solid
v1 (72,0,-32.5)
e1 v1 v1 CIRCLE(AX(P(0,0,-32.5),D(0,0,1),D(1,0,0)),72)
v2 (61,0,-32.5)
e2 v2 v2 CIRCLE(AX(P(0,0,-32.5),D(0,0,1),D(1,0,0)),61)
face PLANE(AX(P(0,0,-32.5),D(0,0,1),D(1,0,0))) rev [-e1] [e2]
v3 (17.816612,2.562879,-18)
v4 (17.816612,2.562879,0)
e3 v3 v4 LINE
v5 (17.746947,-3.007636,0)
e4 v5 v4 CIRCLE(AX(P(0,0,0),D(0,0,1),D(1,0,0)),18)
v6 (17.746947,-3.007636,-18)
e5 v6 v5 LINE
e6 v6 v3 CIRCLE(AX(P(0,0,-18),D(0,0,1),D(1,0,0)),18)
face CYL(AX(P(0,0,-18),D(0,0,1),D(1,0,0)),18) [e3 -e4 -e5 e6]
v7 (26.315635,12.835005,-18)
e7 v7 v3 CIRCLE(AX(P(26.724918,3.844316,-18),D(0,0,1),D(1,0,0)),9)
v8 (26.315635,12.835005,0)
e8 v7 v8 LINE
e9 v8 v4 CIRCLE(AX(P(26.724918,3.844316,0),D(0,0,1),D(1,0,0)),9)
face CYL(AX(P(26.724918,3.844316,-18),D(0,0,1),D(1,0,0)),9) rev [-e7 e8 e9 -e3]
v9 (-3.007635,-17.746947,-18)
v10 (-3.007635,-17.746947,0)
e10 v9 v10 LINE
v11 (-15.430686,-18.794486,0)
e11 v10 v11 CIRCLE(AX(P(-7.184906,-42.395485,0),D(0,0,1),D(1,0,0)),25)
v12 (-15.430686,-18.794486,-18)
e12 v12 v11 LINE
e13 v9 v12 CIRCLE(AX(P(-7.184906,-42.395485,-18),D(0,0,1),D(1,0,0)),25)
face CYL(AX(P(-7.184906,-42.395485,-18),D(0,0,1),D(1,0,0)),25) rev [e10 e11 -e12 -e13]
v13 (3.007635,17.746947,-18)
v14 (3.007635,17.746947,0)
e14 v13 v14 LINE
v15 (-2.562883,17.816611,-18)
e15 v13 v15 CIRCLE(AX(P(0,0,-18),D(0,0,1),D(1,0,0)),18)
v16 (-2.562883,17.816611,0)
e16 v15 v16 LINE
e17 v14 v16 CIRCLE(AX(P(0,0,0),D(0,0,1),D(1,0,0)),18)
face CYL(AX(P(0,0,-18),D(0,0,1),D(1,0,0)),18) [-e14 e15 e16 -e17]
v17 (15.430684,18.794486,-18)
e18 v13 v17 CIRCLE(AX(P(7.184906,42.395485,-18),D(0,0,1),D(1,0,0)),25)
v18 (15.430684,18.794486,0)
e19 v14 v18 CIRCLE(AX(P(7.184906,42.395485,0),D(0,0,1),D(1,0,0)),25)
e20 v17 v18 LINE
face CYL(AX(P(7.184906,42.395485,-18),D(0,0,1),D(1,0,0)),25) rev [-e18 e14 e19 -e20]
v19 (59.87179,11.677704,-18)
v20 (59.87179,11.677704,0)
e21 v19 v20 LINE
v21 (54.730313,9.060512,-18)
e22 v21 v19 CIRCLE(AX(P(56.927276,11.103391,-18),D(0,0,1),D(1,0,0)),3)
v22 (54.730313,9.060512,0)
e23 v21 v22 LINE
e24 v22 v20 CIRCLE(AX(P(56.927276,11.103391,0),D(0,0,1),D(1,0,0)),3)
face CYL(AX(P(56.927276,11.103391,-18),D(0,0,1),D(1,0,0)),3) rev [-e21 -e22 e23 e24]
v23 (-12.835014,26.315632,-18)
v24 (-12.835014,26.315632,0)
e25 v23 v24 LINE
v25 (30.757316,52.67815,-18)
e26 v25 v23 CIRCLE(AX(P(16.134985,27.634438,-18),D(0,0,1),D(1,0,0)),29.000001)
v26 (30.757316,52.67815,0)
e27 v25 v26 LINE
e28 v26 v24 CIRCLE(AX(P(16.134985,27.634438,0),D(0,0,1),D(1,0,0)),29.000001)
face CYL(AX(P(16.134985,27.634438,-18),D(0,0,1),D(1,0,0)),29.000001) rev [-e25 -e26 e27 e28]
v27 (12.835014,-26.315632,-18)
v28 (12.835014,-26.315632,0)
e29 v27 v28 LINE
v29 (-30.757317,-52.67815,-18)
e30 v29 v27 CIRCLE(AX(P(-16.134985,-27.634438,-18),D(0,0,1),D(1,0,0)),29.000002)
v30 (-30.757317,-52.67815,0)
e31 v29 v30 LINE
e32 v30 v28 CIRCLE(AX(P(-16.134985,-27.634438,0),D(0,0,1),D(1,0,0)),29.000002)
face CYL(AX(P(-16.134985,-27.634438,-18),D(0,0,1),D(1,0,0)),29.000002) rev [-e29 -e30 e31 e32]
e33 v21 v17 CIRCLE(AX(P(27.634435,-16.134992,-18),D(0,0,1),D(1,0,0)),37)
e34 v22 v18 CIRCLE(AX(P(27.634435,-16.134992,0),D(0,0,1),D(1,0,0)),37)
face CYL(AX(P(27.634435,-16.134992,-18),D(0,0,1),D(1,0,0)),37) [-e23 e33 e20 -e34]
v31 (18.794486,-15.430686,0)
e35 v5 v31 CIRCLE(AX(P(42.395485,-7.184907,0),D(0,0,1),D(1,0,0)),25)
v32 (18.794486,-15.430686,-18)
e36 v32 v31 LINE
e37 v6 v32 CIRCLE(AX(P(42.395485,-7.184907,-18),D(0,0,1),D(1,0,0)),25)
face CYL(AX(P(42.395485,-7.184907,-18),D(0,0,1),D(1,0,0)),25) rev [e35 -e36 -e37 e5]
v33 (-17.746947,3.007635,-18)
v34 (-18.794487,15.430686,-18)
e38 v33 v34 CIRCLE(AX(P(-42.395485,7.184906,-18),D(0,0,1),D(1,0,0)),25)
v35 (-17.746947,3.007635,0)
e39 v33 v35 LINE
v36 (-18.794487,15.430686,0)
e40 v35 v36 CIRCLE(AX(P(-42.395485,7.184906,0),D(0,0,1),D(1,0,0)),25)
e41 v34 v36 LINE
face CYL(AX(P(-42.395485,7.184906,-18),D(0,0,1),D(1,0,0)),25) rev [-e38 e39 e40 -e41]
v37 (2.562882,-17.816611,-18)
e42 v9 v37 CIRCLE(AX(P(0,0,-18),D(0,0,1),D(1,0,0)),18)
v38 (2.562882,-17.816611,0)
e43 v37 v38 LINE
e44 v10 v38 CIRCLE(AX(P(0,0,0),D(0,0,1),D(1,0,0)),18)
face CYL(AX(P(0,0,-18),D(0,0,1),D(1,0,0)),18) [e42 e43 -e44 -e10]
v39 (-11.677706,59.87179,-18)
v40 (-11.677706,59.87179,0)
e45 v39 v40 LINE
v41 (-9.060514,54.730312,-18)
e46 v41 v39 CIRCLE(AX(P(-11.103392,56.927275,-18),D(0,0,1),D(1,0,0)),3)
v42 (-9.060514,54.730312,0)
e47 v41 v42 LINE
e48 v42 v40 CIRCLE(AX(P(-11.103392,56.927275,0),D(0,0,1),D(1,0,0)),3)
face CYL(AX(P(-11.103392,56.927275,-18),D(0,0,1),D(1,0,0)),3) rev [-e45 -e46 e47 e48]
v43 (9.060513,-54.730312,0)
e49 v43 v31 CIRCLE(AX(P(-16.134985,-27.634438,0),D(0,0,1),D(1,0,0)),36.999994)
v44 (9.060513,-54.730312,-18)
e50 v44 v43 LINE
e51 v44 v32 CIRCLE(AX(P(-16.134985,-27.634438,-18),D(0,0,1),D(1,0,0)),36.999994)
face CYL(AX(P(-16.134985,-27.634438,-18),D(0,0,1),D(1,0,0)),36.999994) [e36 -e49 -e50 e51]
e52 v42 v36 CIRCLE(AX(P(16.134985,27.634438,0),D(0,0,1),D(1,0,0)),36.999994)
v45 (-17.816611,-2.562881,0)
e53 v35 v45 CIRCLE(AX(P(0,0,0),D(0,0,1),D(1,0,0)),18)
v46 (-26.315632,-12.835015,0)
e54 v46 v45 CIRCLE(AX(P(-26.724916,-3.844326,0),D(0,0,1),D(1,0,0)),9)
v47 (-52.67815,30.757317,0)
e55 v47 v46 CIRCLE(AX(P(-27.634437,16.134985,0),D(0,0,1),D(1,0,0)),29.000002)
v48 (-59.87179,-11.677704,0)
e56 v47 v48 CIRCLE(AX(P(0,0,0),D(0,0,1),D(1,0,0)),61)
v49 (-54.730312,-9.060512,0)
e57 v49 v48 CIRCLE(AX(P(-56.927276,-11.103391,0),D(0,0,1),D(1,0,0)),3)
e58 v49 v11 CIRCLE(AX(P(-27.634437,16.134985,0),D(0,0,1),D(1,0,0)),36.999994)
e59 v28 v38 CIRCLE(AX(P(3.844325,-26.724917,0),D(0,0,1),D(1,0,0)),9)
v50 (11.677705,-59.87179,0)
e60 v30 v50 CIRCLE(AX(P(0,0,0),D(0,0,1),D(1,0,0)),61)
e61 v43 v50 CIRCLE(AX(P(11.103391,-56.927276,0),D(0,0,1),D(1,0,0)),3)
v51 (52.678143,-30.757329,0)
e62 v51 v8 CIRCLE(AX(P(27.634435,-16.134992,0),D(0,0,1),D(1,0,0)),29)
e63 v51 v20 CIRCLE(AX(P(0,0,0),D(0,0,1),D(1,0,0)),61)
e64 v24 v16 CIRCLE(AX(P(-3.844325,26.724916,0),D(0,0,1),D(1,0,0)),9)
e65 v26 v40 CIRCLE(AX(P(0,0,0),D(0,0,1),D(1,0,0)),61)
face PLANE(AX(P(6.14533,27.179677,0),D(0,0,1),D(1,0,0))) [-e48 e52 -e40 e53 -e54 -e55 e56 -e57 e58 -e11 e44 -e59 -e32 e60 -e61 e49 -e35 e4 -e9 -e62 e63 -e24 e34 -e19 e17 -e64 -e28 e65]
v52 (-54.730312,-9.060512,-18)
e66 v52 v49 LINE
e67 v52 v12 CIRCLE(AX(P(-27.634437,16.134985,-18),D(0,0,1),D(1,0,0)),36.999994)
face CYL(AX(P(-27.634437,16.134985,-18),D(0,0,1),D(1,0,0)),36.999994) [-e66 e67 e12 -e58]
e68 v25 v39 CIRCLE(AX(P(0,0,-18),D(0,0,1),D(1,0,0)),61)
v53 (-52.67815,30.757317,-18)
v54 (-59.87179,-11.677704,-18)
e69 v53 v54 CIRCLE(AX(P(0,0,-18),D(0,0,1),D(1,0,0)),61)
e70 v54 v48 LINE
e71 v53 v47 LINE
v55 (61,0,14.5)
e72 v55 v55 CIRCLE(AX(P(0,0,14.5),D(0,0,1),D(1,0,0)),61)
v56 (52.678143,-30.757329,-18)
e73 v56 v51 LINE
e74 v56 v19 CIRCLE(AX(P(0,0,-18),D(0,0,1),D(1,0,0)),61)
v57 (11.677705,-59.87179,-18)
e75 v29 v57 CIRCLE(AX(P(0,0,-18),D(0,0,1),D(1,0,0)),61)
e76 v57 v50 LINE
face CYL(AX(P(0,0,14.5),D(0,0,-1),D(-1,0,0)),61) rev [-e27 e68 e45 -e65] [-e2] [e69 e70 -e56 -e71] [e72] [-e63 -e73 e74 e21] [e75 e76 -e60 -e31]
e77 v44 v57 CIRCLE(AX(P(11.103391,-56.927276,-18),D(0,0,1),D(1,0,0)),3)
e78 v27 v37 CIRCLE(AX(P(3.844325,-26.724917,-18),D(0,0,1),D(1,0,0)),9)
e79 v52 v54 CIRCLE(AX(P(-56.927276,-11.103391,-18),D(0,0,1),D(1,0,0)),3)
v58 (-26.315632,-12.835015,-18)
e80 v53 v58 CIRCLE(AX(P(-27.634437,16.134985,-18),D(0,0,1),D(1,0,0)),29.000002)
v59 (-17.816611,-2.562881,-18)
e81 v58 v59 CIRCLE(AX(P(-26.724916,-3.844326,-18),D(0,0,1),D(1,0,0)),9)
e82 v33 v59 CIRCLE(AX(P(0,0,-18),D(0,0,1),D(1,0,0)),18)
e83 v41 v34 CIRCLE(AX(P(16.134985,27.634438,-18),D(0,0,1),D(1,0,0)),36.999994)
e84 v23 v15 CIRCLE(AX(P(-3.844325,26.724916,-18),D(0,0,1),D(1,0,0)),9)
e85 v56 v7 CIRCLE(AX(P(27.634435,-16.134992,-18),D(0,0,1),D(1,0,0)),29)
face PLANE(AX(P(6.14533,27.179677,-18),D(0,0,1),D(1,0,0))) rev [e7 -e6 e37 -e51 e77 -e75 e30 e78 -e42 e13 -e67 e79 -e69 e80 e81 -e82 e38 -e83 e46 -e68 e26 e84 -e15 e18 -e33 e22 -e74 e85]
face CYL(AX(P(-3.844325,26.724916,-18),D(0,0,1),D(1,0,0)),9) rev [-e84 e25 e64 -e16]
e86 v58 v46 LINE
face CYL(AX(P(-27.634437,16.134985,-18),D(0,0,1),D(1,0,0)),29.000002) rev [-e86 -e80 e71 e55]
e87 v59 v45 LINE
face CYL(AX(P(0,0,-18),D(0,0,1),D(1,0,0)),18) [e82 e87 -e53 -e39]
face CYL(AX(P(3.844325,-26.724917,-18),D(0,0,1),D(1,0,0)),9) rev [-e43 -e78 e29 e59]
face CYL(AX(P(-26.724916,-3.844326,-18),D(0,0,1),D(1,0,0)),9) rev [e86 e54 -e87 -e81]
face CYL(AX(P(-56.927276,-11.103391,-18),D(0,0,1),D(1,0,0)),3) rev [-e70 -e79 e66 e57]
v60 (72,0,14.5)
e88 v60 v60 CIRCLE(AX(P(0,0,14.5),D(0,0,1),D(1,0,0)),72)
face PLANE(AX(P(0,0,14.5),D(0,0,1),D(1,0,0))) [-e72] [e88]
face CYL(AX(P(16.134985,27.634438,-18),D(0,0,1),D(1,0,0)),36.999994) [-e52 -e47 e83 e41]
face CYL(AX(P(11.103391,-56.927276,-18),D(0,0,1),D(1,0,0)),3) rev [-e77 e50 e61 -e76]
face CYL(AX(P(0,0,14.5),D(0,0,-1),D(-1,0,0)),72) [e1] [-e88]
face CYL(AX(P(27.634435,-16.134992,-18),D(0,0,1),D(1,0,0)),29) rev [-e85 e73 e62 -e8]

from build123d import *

# Parameters (mm, degrees)
BOSS_EXTRUDE5_DEPTH      = 18
BOSS_EXTRUDE6_DEPTH      = 14.5
BOSS_EXTRUDE6_DEPTH_BACK = 32.5
SKETCH5_R                = 72
SKETCH5_R_2              = 61


with BuildPart() as part:
    # Sketch1 → Boss-Extrude5 (new body)
    with BuildSketch(Plane.XY):
        with BuildLine():
            ThreePointArc((-30.757316719, -52.678149818), (-10.195342734, -60.141956956), (11.677704627, -59.871789807))
            ThreePointArc((11.677704627, -59.871789807), (8.429841492, -58.288205935), (9.060512734, -54.730312371))
            ThreePointArc((9.060512734, -54.730312371), (19.779749173, -36.530020554), (18.79448635, -15.430686222))
            ThreePointArc((18.79448635, -15.430686222), (17.483891441, -9.285507816), (17.746946993, -3.007635689))
            ThreePointArc((17.746946993, -3.007635689), (17.99859257, -0.225089943), (17.816611705, 2.562878725))
            ThreePointArc((17.816611705, 2.562878725), (19.790690206, 9.581605585), (26.315634879, 12.835005296))
            ThreePointArc((26.315634879, 12.835005296), (52.449565984, -1.128017494), (52.67814252, -30.757329218))
            ThreePointArc((52.67814252, -30.757329218), (60.141955689, -10.195350207), (59.871789938, 11.677703954))
            ThreePointArc((59.871789938, 11.677703954), (58.288206152, 8.429840898), (54.730312659, 9.060511918))
            ThreePointArc((54.730312659, 9.060511918), (36.530019461, 19.779748115), (15.430684033, 18.794485892))
            ThreePointArc((15.430684033, 18.794485892), (9.285506382, 17.48389147), (3.007635099, 17.746947093))
            ThreePointArc((3.007635099, 17.746947093), (0.225087357, 17.998592603), (-2.562883253, 17.816611054))
            ThreePointArc((-2.562883253, 17.816611054), (-9.581612202, 19.790686823), (-12.835014333, 26.315631712))
            ThreePointArc((-12.835014333, 26.315631712), (1.128002953, 52.449566526), (30.757315296, 52.678150649))
            ThreePointArc((30.757315296, 52.678150649), (10.195341286, 60.141957202), (-11.677705893, 59.87178956))
            ThreePointArc((-11.677705893, 59.87178956), (-8.429842727, 58.288205762), (-9.060513882, 54.730312188))
            ThreePointArc((-9.060513882, 54.730312188), (-19.779749829, 36.530020233), (-18.794486597, 15.430686052))
            ThreePointArc((-18.794486597, 15.430686052), (-17.48389156, 9.285507447), (-17.746947093, 3.007635099))
            ThreePointArc((-17.746947093, 3.007635099), (-17.998592591, 0.225088317), (-17.816611327, -2.56288135))
            ThreePointArc((-17.816611327, -2.56288135), (-19.790686113, -9.581611967), (-26.315632103, -12.835014885))
            ThreePointArc((-26.315632103, -12.835014885), (-52.44956681, 1.128003994), (-52.678149652, 30.757317003))
            ThreePointArc((-52.678149652, 30.757317003), (-60.141956871, 10.195343235), (-59.871789938, -11.677703952))
            ThreePointArc((-59.871789938, -11.677703952), (-58.288206008, -8.429840823), (-54.73031244, -9.060512152))
            ThreePointArc((-54.73031244, -9.060512152), (-36.530020387, -19.779749225), (-15.430685526, -18.794486492))
            ThreePointArc((-15.430685526, -18.794486492), (-9.285507097, -17.483891569), (-3.007634946, -17.746947119))
            ThreePointArc((-3.007634946, -17.746947119), (-0.225087887, -17.998592596), (2.562882049, -17.816611227))
            ThreePointArc((2.562882049, -17.816611227), (9.581611647, -19.79068664), (12.835014058, -26.315631978))
            ThreePointArc((12.835014058, -26.315631978), (-1.128004083, -52.449566659), (-30.757316719, -52.678149818))
        make_face()
    extrude(amount=-BOSS_EXTRUDE5_DEPTH)

    # Sketch5 → Boss-Extrude6 (add, two sides: drawn at the far end of the back side and taken through both)
    with BuildSketch(Plane.XY.offset(-BOSS_EXTRUDE6_DEPTH_BACK)):
        Circle(SKETCH5_R)
        Circle(SKETCH5_R_2, mode=Mode.SUBTRACT)
    extrude(amount=BOSS_EXTRUDE6_DEPTH + BOSS_EXTRUDE6_DEPTH_BACK)


solid = part.part
